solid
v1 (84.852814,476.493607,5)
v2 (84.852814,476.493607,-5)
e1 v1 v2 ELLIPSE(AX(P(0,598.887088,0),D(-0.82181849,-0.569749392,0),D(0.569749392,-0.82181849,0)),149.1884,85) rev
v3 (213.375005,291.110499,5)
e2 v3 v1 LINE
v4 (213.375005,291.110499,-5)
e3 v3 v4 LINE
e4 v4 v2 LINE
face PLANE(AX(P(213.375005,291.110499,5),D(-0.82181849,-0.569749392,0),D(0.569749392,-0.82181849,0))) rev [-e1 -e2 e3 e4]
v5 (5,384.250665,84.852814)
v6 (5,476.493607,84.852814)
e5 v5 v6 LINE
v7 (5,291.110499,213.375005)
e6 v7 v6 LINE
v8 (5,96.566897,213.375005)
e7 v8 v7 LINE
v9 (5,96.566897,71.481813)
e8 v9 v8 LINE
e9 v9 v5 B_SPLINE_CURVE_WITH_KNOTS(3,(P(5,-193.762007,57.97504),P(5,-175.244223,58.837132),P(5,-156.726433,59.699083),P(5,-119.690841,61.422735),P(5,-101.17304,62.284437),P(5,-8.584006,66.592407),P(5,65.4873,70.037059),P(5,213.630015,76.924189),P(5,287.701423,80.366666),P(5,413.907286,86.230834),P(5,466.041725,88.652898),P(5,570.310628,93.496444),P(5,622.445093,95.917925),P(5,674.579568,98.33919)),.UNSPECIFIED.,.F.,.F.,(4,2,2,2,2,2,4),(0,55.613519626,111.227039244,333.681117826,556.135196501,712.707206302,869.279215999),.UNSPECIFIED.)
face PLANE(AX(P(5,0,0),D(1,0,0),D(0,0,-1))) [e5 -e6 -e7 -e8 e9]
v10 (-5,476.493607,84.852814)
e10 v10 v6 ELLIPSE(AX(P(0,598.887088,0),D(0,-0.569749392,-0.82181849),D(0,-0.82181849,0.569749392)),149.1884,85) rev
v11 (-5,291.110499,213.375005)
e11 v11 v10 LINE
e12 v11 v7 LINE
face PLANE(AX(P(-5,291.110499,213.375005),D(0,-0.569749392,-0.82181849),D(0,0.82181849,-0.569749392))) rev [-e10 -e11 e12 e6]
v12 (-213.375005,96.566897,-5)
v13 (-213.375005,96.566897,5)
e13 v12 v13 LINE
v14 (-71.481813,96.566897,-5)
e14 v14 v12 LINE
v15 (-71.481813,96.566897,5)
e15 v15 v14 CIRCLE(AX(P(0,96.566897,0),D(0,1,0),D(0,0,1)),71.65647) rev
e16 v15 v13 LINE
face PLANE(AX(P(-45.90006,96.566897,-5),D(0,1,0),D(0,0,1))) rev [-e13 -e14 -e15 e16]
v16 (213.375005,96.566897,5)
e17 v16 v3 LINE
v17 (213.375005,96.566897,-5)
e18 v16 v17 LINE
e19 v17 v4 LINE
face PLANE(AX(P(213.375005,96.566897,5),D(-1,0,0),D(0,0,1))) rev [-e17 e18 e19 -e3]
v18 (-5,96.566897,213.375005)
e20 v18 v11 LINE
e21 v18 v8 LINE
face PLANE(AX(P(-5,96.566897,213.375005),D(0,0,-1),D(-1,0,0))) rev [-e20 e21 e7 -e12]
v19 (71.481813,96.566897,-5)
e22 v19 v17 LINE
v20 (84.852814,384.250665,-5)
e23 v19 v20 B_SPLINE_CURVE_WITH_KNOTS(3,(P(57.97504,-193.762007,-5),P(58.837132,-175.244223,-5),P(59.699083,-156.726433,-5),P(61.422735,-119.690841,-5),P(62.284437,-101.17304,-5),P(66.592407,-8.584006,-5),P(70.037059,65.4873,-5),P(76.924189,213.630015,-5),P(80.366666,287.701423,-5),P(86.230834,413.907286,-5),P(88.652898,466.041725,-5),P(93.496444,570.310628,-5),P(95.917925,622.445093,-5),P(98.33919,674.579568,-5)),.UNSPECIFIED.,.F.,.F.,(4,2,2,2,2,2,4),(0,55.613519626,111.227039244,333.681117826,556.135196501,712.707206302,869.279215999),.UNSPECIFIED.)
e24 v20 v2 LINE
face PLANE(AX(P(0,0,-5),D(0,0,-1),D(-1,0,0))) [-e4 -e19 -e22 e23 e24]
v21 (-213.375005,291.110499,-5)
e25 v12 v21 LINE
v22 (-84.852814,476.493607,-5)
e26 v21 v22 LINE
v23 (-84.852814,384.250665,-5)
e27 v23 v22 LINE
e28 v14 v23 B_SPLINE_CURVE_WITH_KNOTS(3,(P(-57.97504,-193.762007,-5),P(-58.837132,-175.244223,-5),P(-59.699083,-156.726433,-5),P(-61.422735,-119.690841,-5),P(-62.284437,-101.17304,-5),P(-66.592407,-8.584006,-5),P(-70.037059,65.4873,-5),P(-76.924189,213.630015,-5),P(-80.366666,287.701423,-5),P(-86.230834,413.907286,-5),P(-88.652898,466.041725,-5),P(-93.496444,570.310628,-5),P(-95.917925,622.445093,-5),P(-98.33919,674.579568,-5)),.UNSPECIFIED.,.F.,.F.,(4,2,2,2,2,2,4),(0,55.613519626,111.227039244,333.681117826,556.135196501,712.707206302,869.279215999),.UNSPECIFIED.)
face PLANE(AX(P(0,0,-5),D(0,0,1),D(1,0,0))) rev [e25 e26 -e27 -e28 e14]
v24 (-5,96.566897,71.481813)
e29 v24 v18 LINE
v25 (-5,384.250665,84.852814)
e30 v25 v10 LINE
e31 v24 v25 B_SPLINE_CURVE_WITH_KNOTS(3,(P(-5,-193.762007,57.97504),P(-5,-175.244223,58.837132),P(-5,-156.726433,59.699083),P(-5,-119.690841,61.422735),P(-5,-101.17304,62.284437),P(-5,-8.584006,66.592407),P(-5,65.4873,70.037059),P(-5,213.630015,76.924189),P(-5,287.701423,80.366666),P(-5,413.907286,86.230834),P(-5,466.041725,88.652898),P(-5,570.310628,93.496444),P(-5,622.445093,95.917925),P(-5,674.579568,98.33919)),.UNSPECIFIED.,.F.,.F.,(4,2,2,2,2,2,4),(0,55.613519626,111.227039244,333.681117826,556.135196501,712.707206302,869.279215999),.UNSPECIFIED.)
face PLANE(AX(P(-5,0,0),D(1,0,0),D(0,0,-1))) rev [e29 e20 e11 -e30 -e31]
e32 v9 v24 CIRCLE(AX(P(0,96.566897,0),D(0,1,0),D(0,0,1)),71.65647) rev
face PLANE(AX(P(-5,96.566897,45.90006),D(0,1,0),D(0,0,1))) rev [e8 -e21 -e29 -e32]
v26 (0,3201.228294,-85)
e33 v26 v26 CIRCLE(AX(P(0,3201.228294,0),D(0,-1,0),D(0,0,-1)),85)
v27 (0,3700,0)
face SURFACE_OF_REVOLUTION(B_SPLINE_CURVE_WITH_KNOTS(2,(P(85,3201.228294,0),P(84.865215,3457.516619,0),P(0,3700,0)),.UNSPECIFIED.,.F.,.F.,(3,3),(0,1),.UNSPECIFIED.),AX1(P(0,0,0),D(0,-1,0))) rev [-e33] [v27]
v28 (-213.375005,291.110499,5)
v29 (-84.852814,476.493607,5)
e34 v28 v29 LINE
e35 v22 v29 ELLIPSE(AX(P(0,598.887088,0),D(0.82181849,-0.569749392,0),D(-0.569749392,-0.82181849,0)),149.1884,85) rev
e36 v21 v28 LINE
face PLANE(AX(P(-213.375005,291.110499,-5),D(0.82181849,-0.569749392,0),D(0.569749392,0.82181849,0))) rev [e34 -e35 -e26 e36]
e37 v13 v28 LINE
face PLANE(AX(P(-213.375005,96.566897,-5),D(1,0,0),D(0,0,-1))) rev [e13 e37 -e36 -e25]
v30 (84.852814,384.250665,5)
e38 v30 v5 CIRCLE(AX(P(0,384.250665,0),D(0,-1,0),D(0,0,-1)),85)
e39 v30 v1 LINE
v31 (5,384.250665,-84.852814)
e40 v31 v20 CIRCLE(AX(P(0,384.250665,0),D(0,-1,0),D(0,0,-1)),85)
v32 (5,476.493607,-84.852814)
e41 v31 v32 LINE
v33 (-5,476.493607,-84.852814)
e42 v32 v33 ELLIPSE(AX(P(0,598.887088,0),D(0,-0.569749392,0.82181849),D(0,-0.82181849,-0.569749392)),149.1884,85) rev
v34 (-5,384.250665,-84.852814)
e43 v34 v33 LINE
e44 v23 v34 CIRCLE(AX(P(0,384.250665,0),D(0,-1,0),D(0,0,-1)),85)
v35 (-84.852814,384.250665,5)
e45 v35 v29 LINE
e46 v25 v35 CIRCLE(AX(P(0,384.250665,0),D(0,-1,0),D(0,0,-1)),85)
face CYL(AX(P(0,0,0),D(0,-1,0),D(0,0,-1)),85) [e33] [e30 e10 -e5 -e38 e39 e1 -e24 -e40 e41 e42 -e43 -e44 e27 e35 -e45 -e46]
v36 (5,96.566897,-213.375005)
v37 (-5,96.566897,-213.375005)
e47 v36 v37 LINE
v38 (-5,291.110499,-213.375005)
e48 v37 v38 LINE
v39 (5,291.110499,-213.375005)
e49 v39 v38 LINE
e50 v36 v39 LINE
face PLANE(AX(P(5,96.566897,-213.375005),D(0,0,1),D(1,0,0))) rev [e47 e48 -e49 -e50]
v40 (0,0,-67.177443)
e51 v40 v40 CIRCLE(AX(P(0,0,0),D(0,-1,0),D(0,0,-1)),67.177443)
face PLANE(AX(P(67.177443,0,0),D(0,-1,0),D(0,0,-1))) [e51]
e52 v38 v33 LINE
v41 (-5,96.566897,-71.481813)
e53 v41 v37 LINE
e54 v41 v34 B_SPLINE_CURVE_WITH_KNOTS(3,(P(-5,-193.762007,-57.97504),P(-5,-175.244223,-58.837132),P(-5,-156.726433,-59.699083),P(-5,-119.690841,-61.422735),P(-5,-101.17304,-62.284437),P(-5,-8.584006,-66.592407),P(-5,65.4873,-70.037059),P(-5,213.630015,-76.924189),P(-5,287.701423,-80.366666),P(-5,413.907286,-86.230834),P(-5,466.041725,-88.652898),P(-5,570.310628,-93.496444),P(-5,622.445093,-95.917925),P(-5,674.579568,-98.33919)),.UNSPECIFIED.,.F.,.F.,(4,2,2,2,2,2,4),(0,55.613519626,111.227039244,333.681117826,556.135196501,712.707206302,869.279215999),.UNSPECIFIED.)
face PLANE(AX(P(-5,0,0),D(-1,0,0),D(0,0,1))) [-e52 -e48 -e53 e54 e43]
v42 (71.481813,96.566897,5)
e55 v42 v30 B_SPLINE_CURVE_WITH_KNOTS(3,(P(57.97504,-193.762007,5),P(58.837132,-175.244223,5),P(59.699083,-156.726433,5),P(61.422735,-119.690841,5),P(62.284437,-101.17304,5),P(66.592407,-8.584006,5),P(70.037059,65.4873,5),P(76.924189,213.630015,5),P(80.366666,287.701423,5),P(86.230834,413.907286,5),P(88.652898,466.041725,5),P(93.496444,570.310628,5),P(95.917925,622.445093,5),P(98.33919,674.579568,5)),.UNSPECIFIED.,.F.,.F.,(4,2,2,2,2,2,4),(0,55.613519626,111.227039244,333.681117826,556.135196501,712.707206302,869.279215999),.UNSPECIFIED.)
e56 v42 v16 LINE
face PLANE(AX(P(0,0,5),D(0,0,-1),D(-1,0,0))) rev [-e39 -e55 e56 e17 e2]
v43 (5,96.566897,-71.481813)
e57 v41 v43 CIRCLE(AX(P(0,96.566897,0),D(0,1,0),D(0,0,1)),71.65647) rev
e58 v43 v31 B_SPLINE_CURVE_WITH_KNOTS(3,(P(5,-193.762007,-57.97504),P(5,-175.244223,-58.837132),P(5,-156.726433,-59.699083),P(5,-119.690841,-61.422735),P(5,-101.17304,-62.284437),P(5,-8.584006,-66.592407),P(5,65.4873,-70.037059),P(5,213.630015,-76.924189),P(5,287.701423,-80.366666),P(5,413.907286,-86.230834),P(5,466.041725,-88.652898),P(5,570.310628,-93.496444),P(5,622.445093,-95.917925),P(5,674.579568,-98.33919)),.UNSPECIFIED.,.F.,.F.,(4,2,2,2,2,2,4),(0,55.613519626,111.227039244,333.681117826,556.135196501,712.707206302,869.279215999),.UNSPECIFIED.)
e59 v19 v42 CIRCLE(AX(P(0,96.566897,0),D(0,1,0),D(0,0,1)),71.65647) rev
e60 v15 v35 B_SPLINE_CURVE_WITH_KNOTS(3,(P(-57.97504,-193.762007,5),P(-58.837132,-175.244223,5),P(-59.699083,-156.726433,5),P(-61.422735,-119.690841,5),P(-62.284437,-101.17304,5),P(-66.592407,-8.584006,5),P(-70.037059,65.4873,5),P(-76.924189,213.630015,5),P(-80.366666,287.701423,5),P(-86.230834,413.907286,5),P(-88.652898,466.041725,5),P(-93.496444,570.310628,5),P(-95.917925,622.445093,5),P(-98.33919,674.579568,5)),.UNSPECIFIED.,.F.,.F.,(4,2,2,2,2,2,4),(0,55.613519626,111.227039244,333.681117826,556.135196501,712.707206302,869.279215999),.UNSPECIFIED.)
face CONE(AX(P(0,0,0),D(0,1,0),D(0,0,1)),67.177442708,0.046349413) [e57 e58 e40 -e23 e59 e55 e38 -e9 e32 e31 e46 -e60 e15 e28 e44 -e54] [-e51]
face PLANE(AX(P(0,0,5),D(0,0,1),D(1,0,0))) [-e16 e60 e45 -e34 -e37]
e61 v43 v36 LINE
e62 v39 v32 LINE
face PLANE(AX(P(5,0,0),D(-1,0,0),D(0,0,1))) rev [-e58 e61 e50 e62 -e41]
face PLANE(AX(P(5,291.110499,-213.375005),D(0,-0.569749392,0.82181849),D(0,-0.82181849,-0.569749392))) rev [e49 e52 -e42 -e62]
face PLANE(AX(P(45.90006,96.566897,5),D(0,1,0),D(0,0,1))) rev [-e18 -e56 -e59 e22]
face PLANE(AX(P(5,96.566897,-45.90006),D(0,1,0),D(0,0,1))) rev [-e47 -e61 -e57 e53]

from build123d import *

# Parameters (mm, degrees)
BOSS_EXTRUDE1_DEPTH = 5
CIRPATTERN1_COUNT   = 4


with BuildPart() as part:
    # Sketch2 → Revolve1 (revolve)
    with BuildSketch(Plane.XY):
        with BuildLine():
            Line((0, 0), (0, 3700))
            add(Edge.make_bspline(
                [(0, 3700), (84.865215283, 3457.516619443), (85, 3201.228293863)],
                knots=[0, 0, 0, 1, 1, 1], degree=2))
            Line((85, 3201.228293863), (85, 384.250664913))
            Line((85, 384.250664913), (67.177442708, 0))
            Line((67.177442708, 0), (0, 0))
        make_face()
    revolve(axis=Axis((0, 0, 0), (0, 1, 0)))

    # Sketch3 → Boss-Extrude1 (add, symmetric)
    with BuildSketch(Plane(origin=(0, 0, 0), x_dir=(0, 0, -1), z_dir=(1, 0, 0))):
        Polygon((45.900059678, 532.679877614), (45.900059678, 96.566896632), (213.375004626, 96.566896632), (213.375004626, 291.110499158), align=None)
    boss_extrude1 = extrude(amount=BOSS_EXTRUDE1_DEPTH, both=True)

    # CirPattern1: Boss-Extrude1 ×4 about axis
    cirpattern1_axis = Axis((0, 3700, 0), (0, -1, 0))
    for i in range(1, CIRPATTERN1_COUNT):
        add(boss_extrude1.rotate(cirpattern1_axis, i * 360 / CIRPATTERN1_COUNT))


solid = part.part
